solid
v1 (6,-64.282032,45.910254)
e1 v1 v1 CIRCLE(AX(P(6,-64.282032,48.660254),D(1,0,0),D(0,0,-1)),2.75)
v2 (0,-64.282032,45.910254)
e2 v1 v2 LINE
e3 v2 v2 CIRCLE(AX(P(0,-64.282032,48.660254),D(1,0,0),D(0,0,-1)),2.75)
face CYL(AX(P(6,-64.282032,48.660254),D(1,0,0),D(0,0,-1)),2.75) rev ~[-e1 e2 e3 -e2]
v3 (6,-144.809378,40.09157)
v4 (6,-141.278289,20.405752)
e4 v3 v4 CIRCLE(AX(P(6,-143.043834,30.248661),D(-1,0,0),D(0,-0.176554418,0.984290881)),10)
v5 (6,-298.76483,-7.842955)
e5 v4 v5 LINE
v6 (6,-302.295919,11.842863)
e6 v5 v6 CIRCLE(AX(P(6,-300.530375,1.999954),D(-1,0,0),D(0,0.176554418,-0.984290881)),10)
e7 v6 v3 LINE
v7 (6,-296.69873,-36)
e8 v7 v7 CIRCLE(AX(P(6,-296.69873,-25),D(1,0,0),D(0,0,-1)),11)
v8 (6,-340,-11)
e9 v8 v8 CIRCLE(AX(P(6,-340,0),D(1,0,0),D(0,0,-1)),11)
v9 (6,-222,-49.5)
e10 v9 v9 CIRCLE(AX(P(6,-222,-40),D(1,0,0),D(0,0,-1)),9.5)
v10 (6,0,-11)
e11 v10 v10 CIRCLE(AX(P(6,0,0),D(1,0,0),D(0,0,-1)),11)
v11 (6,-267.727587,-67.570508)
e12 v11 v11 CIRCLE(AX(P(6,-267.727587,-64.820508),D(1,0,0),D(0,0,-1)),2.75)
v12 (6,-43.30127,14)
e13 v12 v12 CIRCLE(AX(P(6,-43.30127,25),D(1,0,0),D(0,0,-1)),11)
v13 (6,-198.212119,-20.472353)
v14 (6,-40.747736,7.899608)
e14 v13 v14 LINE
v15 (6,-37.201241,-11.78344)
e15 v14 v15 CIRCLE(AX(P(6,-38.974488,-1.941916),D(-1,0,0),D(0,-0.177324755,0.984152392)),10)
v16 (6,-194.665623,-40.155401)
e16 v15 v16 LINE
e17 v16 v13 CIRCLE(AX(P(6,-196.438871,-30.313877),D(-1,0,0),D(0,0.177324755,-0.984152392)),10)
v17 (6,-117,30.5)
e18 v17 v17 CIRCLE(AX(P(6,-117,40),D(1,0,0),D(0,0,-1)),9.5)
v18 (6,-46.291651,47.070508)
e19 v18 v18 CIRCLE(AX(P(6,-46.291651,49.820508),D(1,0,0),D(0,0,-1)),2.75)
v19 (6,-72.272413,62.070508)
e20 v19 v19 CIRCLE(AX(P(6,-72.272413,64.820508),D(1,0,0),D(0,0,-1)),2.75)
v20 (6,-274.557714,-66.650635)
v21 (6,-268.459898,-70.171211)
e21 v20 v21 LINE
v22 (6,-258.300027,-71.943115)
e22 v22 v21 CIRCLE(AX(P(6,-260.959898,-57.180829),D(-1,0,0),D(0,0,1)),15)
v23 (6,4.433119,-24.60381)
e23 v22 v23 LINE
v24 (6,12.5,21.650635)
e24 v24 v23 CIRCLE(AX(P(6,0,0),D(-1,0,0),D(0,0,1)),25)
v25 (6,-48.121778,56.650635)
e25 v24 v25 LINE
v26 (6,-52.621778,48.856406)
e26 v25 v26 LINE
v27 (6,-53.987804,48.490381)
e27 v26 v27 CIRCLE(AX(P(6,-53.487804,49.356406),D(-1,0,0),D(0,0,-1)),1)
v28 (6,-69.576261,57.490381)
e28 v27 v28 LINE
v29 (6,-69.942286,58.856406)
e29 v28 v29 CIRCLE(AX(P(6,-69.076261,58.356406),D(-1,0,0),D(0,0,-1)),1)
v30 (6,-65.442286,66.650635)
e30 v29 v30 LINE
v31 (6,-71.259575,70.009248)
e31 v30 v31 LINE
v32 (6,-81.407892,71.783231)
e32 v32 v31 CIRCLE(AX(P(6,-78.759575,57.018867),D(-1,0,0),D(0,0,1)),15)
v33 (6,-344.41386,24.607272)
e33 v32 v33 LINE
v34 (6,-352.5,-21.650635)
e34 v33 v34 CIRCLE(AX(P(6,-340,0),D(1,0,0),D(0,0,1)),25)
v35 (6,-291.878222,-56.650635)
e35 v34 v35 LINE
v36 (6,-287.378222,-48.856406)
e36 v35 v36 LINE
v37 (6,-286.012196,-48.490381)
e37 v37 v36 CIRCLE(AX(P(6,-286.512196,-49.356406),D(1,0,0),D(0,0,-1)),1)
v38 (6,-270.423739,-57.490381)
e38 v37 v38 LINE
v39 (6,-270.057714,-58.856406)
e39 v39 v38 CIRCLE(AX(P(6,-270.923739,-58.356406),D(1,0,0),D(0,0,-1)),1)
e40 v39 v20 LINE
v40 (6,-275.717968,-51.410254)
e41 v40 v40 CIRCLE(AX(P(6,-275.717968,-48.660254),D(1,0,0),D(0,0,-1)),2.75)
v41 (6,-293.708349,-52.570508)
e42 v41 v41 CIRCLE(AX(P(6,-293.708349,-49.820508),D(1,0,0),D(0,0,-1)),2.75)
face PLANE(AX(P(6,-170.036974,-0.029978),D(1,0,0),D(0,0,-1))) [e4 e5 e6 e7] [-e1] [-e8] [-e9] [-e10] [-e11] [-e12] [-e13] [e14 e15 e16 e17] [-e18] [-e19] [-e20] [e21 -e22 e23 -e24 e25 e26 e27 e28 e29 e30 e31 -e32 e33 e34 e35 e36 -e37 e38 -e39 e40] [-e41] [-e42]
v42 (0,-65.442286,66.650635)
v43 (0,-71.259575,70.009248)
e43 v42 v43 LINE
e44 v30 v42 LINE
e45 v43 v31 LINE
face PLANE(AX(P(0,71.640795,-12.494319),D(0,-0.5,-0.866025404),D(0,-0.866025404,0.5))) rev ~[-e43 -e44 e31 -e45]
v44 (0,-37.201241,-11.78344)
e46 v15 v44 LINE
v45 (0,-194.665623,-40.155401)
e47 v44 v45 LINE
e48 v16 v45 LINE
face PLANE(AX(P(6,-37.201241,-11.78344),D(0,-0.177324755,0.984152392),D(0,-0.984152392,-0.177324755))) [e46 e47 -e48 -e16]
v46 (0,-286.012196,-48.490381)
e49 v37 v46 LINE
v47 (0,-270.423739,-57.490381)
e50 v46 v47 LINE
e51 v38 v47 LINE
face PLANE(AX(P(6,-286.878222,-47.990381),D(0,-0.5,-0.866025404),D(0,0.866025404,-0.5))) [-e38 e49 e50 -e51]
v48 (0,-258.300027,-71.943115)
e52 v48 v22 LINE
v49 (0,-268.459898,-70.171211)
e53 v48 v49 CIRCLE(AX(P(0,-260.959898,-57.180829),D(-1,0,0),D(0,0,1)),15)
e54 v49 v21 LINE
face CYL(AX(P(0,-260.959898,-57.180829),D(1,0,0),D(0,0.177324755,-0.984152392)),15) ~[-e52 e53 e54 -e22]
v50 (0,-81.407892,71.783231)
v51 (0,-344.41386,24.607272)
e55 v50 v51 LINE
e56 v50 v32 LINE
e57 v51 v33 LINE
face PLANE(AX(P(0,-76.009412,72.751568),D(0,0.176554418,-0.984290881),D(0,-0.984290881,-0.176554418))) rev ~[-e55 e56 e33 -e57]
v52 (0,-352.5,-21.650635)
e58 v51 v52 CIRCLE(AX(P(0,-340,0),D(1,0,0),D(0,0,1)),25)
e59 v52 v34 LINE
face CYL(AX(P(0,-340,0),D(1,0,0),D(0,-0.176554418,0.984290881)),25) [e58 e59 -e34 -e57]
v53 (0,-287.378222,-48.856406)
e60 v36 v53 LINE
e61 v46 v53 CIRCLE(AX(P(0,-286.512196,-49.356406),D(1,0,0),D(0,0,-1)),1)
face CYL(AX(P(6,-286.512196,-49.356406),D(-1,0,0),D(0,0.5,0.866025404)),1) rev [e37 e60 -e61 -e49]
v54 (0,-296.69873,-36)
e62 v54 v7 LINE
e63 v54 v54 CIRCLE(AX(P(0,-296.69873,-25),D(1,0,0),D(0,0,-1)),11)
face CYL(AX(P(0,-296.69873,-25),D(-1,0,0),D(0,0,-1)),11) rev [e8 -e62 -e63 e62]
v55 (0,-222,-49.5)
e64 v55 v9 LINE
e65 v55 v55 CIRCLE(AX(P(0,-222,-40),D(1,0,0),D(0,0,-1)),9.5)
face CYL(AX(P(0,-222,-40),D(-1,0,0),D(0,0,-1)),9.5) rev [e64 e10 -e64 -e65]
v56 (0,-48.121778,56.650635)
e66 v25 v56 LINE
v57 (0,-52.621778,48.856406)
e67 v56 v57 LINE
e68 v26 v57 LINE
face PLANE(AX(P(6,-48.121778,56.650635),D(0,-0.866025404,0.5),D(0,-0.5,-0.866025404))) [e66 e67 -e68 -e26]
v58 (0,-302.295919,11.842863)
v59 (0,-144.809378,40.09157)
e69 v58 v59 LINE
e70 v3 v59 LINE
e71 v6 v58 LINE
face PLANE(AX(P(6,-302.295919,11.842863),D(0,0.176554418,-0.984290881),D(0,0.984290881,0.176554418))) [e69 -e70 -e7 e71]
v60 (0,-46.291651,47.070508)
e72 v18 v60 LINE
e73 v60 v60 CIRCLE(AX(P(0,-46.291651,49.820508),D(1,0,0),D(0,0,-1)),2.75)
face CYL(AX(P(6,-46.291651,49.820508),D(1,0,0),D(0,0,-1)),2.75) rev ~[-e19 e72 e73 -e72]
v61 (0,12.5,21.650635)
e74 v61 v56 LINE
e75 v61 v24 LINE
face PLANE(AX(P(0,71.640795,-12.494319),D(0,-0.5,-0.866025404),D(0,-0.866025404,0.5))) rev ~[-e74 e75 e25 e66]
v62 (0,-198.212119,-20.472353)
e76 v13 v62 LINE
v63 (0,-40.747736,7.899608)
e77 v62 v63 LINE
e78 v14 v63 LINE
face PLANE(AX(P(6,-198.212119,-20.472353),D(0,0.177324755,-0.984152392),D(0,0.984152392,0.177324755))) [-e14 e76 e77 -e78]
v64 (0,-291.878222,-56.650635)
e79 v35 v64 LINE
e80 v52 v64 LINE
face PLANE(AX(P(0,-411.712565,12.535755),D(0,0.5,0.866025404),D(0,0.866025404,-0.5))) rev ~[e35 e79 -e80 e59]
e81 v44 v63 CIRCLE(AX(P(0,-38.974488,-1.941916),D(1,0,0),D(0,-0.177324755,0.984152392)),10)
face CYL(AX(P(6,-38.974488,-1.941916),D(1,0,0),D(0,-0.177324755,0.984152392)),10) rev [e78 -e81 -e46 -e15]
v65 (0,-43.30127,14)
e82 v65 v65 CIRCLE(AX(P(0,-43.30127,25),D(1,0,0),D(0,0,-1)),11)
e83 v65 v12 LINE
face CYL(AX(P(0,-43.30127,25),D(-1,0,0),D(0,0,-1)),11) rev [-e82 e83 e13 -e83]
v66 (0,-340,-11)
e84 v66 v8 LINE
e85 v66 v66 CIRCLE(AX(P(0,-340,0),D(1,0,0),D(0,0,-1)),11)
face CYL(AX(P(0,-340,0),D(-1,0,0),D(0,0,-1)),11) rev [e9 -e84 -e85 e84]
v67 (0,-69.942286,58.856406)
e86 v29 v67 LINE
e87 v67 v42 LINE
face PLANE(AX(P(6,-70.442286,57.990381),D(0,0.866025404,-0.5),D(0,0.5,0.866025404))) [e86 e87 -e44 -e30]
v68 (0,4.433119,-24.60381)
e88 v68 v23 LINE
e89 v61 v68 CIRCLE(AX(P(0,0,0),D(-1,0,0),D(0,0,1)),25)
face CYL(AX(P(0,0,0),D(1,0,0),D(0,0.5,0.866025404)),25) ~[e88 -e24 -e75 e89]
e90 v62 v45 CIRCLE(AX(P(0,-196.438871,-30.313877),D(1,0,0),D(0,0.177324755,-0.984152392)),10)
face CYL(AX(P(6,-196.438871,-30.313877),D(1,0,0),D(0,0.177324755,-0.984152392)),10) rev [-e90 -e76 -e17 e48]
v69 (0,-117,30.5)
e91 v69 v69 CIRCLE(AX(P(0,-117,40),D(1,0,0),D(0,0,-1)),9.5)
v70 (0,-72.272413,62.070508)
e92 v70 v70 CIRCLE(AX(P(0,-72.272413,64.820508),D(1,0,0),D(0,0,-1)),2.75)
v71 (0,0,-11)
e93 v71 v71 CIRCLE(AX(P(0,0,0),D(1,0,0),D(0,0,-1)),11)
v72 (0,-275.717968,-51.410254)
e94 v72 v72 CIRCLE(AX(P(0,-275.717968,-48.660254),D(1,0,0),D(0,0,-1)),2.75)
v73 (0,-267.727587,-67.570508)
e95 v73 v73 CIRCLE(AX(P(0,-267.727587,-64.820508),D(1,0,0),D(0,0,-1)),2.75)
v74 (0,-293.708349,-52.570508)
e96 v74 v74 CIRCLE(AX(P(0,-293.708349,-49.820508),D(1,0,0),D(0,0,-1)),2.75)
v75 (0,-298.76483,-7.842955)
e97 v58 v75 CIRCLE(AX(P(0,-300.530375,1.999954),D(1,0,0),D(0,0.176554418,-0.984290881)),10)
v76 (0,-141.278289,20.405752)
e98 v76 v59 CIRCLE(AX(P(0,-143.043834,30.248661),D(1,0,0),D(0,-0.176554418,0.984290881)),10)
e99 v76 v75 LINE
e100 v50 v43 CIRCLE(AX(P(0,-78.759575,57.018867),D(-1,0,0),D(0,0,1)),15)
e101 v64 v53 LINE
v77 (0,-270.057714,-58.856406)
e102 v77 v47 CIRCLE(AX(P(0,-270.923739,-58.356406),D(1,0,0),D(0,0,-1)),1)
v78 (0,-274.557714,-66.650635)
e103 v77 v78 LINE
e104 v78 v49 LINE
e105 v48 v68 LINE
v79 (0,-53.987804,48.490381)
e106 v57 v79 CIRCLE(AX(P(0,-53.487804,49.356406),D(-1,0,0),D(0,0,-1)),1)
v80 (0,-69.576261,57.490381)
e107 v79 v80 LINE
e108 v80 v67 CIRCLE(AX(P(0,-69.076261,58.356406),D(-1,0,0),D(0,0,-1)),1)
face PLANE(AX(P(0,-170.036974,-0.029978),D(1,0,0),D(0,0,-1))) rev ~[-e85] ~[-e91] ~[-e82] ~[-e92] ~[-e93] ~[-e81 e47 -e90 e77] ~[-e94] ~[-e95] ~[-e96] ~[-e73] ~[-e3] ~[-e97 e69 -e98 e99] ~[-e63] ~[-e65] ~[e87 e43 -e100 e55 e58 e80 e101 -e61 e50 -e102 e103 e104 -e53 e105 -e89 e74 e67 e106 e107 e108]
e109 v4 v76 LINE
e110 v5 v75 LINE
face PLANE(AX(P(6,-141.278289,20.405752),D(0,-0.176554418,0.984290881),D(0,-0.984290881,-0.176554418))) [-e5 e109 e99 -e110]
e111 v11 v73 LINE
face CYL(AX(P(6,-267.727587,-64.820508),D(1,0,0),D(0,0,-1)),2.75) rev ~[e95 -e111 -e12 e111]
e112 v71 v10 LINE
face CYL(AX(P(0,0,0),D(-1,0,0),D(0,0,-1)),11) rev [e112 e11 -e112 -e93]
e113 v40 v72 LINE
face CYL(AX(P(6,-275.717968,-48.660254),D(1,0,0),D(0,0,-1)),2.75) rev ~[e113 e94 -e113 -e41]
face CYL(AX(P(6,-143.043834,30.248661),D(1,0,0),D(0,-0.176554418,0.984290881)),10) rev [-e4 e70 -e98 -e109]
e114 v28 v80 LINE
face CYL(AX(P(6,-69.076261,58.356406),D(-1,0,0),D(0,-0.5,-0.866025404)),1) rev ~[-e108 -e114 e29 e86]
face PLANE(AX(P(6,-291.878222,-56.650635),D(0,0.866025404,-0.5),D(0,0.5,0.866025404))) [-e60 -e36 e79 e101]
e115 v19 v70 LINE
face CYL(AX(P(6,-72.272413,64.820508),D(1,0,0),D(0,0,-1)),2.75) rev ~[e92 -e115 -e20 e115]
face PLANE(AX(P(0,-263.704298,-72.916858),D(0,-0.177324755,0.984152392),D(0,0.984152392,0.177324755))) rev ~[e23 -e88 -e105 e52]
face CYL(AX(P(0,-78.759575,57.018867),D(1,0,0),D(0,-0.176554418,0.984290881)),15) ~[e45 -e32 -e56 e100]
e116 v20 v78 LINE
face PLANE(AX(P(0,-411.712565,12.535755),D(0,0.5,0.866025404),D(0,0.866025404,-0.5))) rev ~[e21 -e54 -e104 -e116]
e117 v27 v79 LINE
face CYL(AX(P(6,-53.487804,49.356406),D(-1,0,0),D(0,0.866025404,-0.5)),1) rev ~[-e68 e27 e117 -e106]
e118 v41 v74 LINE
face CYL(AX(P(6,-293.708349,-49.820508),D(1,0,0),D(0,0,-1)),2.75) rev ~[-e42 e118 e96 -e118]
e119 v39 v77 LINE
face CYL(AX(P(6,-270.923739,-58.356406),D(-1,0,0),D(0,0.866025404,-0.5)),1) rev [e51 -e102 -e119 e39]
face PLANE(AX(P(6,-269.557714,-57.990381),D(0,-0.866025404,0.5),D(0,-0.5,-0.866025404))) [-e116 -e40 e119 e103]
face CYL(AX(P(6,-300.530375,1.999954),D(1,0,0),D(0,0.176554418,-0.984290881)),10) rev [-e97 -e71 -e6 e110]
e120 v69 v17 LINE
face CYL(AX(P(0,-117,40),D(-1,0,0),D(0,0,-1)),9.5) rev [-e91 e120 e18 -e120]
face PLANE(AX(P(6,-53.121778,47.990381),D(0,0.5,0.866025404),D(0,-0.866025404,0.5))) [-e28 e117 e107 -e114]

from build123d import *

# Parameters (mm, degrees)
SKETCH_2_R          = 9.5
SKETCH_2_R_2        = 11
EXTRUDE_1_DEPTH     = 6
CUT_EXTRUDE_1_DEPTH = 10
FILLET_1_R          = 25
SKETCH_4_R          = 2.75
CUT_EXTRUDE_2_DEPTH = 10
FILLET_2_R          = 15
FILLET_3_R          = 1


with BuildPart() as part:
    # 草图2 → 凸台-拉伸1 (new body)
    with BuildSketch(Plane(origin=(0, 0, 0), x_dir=(0, 0, -1), z_dir=(1, 0, 0))):
        Polygon((12.494318662, 71.640794729), (-72.751567756, -76.009411684), (-12.535755442, -411.712565336), (72.916857811, -263.704297543), align=None)
        with Locations((-40, -117)):
            Circle(SKETCH_2_R, mode=Mode.SUBTRACT)
        with Locations((25, -296.698729811)):
            Circle(SKETCH_2_R_2, mode=Mode.SUBTRACT)
        with Locations((0, -340)):
            Circle(SKETCH_2_R_2, mode=Mode.SUBTRACT)
        with Locations((-25, -43.301270189)):
            Circle(SKETCH_2_R_2, mode=Mode.SUBTRACT)
        with Locations((40, -222)):
            Circle(SKETCH_2_R, mode=Mode.SUBTRACT)
        Circle(SKETCH_2_R_2, mode=Mode.SUBTRACT)
    extrude(amount=EXTRUDE_1_DEPTH)

    # 草图3 → 切除-拉伸1 (cut)
    with BuildSketch(Plane(origin=(6, 0, 0), x_dir=(0, 0, -1), z_dir=(1, 0, 0))):
        with BuildLine():
            Line((-20.40575236, -141.278289439), (7.842954525, -298.764830322))
            ThreePointArc((7.842954525, -298.764830322), (-0.2344101, -310.373283308), (-11.842863085, -302.295918683))
            Line((-11.842863085, -302.295918683), (-40.09156997, -144.8093778))
            ThreePointArc((-40.09156997, -144.8093778), (-32.014205345, -133.200924814), (-20.40575236, -141.278289439))
        make_face()
        with BuildLine():
            Line((11.783440235, -37.201240644), (40.155401092, -194.665623401))
            ThreePointArc((40.155401092, -194.665623401), (32.087124724, -206.280394877), (20.472353248, -198.212118508))
            Line((20.472353248, -198.212118508), (-7.89960761, -40.747735751))
            ThreePointArc((-7.89960761, -40.747735751), (0.168668759, -29.132964275), (11.783440235, -37.201240644))
        make_face()
    extrude(amount=-CUT_EXTRUDE_1_DEPTH, mode=Mode.SUBTRACT)

    # 圆角1
    fillet_1_edges = [part.edges().sort_by_distance(p)[0] for p in [
        (3, -411.712565336, 12.535755442),
        (3, 71.640794729, -12.494318662),
    ]]
    fillet(fillet_1_edges, radius=FILLET_1_R)

    # 草图4 → 切除-拉伸2 (cut)
    with BuildSketch(Plane(origin=(6, 0, 0), x_dir=(0, 0, -1), z_dir=(1, 0, 0))):
        with Locations((-49.820508076, -46.291651246)):
            Circle(SKETCH_4_R)
        with Locations((-64.820508076, -72.27241336)):
            Circle(SKETCH_4_R)
        with Locations((-48.660254038, -64.282032303)):
            Circle(SKETCH_4_R)
        with Locations((48.660254038, -275.717967697)):
            Circle(SKETCH_4_R)
        with Locations((49.820508076, -293.708348754)):
            Circle(SKETCH_4_R)
        with Locations((64.820508076, -267.72758664)):
            Circle(SKETCH_4_R)
        Polygon((-66.650635095, -65.442286341), (-56.650635095, -48.121778265), (-47.990381057, -53.121778265), (-57.990381057, -70.442286341), align=None)
        Polygon((47.990381057, -286.878221735), (57.990381057, -269.557713659), (66.650635095, -274.557713659), (56.650635095, -291.878221735), align=None)
    extrude(amount=-CUT_EXTRUDE_2_DEPTH, mode=Mode.SUBTRACT)

    # 圆角2
    fillet_2_edges = [part.edges().sort_by_distance(p)[0] for p in [
        (3, -263.704297543, -72.916857811),
        (3, -76.009411684, 72.751567756),
    ]]
    fillet(fillet_2_edges, radius=FILLET_2_R)

    # 圆角3
    fillet_3_edges = [part.edges().sort_by_distance(p)[0] for p in [
        (3, -286.878221735, -47.990381057),
        (3, -269.557713659, -57.990381057),
        (3, -53.121778265, 47.990381057),
        (3, -70.442286341, 57.990381057),
    ]]
    fillet(fillet_3_edges, radius=FILLET_3_R)


solid = part.part
